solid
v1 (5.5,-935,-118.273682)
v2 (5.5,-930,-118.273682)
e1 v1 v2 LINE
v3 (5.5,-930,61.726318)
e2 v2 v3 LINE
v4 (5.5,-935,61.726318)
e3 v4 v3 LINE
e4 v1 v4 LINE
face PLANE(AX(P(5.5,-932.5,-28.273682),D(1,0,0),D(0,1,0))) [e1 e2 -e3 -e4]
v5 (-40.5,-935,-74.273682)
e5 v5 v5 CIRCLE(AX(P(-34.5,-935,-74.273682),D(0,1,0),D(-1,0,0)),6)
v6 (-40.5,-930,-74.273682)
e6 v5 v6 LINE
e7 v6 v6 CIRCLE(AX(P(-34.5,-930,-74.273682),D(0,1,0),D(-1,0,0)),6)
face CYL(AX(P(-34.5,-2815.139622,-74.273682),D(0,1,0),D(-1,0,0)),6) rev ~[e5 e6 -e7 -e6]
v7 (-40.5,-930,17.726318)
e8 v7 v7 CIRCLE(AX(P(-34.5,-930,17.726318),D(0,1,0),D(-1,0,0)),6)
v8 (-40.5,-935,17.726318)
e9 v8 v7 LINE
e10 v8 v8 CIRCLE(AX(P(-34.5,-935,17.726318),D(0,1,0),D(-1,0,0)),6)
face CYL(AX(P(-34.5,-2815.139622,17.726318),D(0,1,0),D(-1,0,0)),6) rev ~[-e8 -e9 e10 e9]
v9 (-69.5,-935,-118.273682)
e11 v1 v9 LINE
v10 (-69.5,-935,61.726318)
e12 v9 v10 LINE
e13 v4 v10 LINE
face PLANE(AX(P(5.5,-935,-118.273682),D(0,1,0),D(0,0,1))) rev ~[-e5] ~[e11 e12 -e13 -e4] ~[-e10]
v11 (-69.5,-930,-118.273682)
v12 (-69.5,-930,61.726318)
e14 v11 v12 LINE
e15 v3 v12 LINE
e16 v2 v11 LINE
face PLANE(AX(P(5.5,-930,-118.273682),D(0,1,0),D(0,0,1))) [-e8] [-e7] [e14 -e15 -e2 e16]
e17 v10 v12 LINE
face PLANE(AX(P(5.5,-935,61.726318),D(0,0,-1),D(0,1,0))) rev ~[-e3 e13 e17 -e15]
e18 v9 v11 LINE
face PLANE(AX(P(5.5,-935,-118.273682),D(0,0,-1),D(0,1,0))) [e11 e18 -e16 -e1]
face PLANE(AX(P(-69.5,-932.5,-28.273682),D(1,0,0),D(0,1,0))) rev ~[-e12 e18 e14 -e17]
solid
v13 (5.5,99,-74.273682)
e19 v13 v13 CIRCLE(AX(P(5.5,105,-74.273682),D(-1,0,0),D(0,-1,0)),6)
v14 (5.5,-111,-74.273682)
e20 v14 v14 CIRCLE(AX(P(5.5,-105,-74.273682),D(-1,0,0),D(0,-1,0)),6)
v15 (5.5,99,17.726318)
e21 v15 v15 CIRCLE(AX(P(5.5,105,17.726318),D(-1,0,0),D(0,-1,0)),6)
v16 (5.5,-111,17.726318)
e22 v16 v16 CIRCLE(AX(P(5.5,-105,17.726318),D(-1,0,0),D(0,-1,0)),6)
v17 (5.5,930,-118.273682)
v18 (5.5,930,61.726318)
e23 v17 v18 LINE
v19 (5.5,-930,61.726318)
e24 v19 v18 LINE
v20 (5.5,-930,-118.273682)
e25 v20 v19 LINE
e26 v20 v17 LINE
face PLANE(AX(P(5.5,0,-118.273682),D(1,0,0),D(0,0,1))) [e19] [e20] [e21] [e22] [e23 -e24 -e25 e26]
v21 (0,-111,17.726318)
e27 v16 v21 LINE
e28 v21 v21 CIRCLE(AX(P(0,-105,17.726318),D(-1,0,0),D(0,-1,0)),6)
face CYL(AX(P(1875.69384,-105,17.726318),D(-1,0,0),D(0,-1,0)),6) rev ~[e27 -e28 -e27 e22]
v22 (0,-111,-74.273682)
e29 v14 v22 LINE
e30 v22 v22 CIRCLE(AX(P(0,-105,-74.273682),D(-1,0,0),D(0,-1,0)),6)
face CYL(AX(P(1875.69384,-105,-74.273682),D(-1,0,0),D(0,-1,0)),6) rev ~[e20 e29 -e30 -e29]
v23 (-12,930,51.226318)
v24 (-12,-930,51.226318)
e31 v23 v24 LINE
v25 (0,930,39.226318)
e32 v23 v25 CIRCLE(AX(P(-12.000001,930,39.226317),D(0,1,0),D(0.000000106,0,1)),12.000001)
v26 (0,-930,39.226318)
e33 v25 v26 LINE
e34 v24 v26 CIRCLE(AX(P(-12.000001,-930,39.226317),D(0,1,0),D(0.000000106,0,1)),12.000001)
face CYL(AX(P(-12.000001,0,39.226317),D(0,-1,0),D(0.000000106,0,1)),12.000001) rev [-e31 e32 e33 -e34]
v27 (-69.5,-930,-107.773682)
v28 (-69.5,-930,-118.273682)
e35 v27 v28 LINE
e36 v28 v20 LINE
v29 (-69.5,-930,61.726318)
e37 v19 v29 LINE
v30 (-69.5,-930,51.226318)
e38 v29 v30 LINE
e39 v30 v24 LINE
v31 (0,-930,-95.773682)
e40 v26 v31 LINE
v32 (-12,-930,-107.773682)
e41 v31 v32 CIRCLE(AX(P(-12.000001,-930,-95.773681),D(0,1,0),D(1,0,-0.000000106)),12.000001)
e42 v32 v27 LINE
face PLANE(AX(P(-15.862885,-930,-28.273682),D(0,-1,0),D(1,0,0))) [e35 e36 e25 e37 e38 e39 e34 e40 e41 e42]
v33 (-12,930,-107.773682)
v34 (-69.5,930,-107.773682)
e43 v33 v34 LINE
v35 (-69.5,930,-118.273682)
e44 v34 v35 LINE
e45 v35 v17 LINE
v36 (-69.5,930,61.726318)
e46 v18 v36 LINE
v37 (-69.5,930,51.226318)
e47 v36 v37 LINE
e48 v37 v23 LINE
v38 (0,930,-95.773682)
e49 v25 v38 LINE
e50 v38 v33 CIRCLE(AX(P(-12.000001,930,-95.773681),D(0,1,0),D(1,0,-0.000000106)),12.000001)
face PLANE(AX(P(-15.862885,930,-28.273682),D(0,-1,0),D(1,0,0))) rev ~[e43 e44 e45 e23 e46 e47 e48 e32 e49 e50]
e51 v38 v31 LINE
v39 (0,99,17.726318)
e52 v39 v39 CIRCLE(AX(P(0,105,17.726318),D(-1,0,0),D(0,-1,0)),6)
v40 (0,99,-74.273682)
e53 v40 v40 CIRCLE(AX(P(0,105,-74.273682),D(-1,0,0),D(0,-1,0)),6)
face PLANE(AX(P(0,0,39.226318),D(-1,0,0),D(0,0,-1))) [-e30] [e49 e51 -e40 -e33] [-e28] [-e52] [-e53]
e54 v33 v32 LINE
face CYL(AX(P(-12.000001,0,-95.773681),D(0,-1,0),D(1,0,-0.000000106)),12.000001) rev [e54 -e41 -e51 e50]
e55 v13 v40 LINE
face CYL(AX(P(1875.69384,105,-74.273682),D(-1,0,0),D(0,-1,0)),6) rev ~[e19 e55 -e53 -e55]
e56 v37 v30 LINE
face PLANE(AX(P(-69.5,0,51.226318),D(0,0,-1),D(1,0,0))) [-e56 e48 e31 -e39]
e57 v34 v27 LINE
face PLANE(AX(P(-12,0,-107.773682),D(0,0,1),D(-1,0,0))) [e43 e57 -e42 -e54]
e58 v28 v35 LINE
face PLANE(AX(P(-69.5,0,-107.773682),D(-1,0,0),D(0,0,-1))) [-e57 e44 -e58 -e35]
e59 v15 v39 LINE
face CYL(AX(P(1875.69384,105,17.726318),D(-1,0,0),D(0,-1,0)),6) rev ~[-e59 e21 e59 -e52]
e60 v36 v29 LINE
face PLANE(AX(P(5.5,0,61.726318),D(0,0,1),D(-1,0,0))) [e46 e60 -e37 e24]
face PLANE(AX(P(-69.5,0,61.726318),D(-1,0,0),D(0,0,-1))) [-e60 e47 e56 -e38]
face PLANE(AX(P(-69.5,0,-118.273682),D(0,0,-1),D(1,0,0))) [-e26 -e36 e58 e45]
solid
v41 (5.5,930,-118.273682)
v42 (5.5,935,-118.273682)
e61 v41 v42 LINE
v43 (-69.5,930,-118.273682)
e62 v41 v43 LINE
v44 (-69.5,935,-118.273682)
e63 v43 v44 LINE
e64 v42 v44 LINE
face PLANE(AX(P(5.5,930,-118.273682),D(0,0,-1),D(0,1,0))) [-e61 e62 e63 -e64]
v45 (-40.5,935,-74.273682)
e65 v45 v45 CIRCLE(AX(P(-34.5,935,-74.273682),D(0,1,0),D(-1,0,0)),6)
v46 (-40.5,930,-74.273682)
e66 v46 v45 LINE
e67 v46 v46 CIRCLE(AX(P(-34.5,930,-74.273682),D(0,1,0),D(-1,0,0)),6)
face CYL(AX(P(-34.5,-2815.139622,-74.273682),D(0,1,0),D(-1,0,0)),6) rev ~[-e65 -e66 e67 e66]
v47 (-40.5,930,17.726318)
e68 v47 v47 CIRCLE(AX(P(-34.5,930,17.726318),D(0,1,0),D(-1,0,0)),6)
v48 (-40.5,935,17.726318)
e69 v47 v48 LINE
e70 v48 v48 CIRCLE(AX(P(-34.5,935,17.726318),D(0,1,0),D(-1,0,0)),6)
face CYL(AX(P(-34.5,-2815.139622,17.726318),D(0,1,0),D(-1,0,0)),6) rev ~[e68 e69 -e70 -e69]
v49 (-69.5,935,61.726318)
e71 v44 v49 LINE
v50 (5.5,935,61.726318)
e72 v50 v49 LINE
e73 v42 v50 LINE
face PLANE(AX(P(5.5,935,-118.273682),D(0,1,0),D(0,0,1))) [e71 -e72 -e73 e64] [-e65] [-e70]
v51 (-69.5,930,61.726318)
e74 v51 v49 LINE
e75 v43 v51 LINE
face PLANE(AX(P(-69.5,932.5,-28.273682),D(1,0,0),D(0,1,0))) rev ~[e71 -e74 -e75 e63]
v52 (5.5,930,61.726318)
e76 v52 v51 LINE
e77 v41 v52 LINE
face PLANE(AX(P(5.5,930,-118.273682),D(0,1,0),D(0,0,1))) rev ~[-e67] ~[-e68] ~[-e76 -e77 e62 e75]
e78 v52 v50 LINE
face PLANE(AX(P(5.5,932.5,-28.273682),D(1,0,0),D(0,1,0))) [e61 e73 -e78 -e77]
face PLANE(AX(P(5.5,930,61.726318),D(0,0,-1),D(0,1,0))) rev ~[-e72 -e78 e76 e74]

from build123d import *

# Parameters (mm, degrees)
F1_DEPTH = 930
F2_W     = 5
F2_H     = 180
F3_DEPTH = 75
F5_D     = 12
F7_D     = 12


with BuildPart() as f1:
    # F0 (on Front) → F1 (new body, symmetric)
    with BuildSketch(Plane.XZ):
        with BuildLine():
            Line((5.5, 61.726318), (-69.5, 61.726318))
            Line((-69.5, 61.726318), (-69.5, 51.226318))
            Line((-69.5, 51.226318), (-12, 51.226318))
            ThreePointArc((-12, 51.226318), (-3.514719, 47.711599), (0, 39.226318))
            Line((0, 39.226318), (0, -95.773682))
            ThreePointArc((0, -95.773682), (-3.514719, -104.258963), (-12, -107.773682))
            Line((-12, -107.773682), (-69.5, -107.773682))
            Line((-69.5, -107.773682), (-69.5, -118.273682))
            Line((-69.5, -118.273682), (5.5, -118.273682))
            Line((5.5, -118.273682), (5.5, 61.726318))
        make_face()
    extrude(amount=F1_DEPTH, both=True)

    # F7 (through all)
    with Locations(Plane.YZ.offset(5.5)):
        with Locations((-105, 17.726318), (105, 17.726318), (105, -74.273682), (-105, -74.273682)):
            Hole(F7_D / 2)


with BuildPart() as f3:
    # F2 (on face) → F3 (new body)
    with BuildSketch(Plane.YZ.offset(5.5)):
        with Locations((932.5, -28.273682)):
            Rectangle(F2_W, F2_H)
        with Locations((-932.5, -28.273682)):
            Rectangle(F2_W, F2_H)
    extrude(amount=-F3_DEPTH)

    # F5 (through all)
    with Locations(Plane.XZ.offset(935)):
        with Locations((-34.5, 17.726318), (-34.5, -74.273682)):
            Hole(F5_D / 2)


solid = Compound([f1.part, f3.part])
